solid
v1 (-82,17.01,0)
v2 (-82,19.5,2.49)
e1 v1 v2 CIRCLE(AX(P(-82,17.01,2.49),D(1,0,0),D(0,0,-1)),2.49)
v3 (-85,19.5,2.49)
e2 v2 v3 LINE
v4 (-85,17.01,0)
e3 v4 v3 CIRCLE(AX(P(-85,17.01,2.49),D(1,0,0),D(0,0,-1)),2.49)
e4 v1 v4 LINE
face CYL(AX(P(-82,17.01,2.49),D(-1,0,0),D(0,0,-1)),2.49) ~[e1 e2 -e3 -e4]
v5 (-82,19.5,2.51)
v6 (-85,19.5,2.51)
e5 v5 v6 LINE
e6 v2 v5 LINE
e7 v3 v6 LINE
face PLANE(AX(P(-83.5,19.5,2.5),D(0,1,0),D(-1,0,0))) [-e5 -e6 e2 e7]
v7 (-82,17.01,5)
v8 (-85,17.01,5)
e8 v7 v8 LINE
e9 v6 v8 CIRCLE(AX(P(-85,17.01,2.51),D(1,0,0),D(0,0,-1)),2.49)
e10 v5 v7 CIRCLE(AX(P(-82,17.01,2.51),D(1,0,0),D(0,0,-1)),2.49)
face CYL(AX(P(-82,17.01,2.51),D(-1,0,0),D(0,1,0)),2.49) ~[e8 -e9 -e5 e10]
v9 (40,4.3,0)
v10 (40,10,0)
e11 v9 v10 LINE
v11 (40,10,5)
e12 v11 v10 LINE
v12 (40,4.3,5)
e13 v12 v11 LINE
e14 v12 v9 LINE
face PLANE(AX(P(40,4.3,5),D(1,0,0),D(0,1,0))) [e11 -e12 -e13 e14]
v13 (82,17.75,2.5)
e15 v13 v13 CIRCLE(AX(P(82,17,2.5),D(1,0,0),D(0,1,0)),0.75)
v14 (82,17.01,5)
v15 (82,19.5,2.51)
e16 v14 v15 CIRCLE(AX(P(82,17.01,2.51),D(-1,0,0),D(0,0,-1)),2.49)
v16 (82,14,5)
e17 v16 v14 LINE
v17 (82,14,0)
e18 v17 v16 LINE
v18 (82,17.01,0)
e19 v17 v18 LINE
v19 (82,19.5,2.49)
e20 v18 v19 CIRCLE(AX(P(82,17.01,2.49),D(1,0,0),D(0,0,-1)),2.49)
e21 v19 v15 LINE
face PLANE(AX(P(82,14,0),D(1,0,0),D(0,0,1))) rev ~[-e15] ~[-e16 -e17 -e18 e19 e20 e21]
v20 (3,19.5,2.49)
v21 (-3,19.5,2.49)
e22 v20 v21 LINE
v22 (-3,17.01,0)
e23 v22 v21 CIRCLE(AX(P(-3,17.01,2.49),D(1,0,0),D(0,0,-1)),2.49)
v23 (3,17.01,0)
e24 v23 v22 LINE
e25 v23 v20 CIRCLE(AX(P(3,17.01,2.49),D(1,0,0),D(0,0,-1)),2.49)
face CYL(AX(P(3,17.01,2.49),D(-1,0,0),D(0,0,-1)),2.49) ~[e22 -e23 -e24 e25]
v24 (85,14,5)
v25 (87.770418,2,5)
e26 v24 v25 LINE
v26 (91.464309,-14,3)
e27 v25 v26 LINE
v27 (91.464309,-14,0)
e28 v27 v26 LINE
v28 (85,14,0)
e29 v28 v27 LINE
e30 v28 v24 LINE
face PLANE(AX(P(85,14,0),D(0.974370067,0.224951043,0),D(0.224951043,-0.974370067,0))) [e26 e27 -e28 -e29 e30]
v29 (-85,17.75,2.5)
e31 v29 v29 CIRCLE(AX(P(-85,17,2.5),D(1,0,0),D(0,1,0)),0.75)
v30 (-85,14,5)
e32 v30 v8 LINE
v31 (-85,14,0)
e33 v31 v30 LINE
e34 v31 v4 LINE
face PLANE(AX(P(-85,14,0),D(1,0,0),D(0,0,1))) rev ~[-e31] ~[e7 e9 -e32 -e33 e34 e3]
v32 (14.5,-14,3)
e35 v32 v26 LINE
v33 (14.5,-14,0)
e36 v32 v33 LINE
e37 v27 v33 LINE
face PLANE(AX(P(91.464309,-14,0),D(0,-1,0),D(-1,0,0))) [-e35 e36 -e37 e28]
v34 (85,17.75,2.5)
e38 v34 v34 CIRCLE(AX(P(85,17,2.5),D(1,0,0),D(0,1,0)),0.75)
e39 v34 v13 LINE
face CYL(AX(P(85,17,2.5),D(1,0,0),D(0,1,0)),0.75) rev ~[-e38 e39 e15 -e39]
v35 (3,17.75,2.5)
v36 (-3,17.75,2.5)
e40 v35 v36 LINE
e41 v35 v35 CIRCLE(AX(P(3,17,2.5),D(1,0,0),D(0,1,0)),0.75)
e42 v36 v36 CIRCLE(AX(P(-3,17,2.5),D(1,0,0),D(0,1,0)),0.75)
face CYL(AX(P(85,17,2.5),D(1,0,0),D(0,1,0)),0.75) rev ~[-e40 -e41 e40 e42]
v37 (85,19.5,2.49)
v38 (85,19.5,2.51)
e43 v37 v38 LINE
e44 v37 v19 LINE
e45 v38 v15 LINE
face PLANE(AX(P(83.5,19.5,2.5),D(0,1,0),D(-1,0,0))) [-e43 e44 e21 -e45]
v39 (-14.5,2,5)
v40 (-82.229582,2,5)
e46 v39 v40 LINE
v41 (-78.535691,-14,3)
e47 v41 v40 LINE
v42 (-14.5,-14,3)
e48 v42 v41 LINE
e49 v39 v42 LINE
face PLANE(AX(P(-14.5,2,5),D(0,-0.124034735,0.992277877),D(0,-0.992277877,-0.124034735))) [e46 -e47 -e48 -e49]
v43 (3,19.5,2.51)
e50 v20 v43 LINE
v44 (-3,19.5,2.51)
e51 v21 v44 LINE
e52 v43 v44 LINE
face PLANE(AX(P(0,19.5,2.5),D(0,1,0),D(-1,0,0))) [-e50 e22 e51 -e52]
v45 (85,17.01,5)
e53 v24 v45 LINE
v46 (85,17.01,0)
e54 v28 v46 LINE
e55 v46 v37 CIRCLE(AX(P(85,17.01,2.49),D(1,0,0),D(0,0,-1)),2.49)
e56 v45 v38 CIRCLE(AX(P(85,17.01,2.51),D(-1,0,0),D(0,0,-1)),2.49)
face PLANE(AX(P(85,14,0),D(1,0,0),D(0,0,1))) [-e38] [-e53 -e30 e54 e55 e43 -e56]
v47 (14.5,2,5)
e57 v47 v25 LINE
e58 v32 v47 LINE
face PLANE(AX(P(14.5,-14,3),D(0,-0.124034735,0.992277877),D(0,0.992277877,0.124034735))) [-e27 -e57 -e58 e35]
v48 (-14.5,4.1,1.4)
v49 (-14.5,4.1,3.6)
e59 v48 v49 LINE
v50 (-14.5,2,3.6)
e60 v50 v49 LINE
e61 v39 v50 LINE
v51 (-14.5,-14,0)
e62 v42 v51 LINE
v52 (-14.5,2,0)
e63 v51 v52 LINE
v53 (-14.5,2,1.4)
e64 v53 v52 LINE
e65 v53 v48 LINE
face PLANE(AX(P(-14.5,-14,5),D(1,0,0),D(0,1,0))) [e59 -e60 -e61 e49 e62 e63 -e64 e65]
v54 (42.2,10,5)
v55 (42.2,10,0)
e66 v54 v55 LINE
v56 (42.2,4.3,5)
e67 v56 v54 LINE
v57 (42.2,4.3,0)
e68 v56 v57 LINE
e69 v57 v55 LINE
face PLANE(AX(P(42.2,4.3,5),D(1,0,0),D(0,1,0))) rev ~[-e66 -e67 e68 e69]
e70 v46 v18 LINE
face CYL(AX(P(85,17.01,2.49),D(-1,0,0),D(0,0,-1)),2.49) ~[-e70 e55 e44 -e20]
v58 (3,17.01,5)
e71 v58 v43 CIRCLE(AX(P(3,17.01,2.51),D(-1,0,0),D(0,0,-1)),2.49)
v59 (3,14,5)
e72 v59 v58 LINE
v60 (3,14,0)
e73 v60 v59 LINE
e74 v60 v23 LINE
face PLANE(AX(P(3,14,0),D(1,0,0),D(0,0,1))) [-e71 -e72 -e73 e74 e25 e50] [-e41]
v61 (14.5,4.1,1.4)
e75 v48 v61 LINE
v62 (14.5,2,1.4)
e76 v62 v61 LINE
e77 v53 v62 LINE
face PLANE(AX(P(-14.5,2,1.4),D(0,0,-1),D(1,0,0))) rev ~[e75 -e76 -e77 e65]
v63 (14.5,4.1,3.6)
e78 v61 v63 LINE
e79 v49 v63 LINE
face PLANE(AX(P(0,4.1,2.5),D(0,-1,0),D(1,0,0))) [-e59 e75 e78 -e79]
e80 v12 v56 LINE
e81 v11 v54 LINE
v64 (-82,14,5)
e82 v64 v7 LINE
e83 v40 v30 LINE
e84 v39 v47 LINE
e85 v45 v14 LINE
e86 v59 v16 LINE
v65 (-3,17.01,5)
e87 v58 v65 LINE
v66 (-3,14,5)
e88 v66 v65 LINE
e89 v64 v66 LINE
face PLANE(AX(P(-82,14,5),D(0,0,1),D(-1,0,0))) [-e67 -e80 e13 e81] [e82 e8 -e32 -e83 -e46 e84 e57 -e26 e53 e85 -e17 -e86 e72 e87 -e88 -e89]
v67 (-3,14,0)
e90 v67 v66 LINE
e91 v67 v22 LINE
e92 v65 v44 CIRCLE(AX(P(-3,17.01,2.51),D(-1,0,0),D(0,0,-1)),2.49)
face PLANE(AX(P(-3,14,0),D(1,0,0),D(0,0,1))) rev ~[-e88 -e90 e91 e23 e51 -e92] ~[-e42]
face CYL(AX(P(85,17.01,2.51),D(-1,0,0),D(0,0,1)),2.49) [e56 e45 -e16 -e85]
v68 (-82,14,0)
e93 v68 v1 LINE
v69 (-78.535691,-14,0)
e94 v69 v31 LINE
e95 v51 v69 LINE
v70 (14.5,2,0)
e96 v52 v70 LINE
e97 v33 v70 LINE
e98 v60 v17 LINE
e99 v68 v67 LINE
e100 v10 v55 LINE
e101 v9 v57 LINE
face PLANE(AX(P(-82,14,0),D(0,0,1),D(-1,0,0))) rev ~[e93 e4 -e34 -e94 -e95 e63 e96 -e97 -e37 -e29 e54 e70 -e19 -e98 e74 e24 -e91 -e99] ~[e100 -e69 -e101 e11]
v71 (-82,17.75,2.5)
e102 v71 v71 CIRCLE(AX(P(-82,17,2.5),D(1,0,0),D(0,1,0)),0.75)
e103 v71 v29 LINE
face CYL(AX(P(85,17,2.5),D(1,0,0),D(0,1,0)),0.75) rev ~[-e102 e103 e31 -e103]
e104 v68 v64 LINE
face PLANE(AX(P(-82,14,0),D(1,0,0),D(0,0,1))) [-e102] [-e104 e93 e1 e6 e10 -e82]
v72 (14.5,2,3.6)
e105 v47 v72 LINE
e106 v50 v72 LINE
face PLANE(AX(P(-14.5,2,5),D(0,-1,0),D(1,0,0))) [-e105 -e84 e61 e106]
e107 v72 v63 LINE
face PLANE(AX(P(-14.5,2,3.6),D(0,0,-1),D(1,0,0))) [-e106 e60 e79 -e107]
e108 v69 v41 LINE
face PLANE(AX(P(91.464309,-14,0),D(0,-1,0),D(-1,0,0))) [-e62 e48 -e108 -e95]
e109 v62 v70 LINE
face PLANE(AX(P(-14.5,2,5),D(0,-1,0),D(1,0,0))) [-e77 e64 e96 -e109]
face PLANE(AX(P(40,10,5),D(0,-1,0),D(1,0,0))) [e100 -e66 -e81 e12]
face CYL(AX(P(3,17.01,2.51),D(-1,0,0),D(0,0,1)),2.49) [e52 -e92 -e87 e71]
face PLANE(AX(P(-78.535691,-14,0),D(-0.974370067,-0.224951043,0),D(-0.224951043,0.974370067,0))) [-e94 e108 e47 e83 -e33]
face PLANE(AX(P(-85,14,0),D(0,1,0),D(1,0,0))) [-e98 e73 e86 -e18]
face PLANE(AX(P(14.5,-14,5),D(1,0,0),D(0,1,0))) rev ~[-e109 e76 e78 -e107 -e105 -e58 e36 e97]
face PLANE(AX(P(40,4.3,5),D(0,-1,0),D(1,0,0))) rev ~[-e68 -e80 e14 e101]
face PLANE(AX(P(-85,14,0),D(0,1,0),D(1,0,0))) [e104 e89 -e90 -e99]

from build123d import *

# Parameters (mm, degrees)
PAD_DEPTH       = 5
SKETCH001_W     = 29
SKETCH001_H     = 16
POCKET_DEPTH    = 5
SKETCH002_W     = 29
SKETCH002_H     = 2.2
POCKET001_DEPTH = 2.1
POCKET002_DEPTH = 100
POCKET003_DEPTH = 100
SKETCH006_W     = 3
SKETCH006_H     = 5
SKETCH006_W_2   = 6
PAD001_DEPTH    = 5.5
SKETCH008_W     = 2.2
SKETCH008_H     = 5.7
POCKET005_DEPTH = 5
SKETCH009_R     = 0.75
POCKET006_DEPTH = 200
FILLET_R        = 2.49


with BuildPart() as part:
    # Sketch → Pad (new body)
    with BuildSketch(Plane.XY):
        Polygon((-85, 14), (85, 14), (91.464309, -14), (-78.535691, -14), align=None)
    extrude(amount=PAD_DEPTH)

    # Sketch001 (on Face6 of Pad) → Pocket (cut)
    with BuildSketch(Plane.XY.offset(5)):
        with Locations((0, -6)):
            Rectangle(SKETCH001_W, SKETCH001_H)
    extrude(amount=-POCKET_DEPTH, mode=Mode.SUBTRACT)

    # Sketch002 (on Face9 of Pocket) → Pocket001 (cut)
    with BuildSketch(Plane.XZ.offset(-2)):
        with Locations((0, 2.5)):
            Rectangle(SKETCH002_W, SKETCH002_H)
    extrude(amount=-POCKET001_DEPTH, mode=Mode.SUBTRACT)

    # Sketch004 (on Face8 of Pocket001) → Pocket002 (cut)
    with BuildSketch(Plane.YZ.offset(-14.5)):
        Polygon((-14, 5), (2, 5), (-14, 3), align=None)
    extrude(amount=-POCKET002_DEPTH, mode=Mode.SUBTRACT)

    # Sketch005 (on Face11 of Pocket002) → Pocket003 (cut)
    with BuildSketch(Plane(origin=(14.5, 0, 0), x_dir=(0, -1, 0), z_dir=(-1, 0, 0))):
        Polygon((-2, 5), (14, 5), (14, 3), align=None)
    extrude(amount=-POCKET003_DEPTH, mode=Mode.SUBTRACT)

    # Sketch006 (on Face1 of Pocket003) → Pad001 (join)
    with BuildSketch(Plane(origin=(0, 14, 0), x_dir=(-1, 0, 0), z_dir=(0, 1, 0))):
        with Locations((83.5, 2.5)):
            Rectangle(SKETCH006_W, SKETCH006_H)
        with Locations((-83.5, 2.5)):
            Rectangle(SKETCH006_W, SKETCH006_H)
        with Locations((0, 2.5)):
            Rectangle(SKETCH006_W_2, SKETCH006_H)
    extrude(amount=PAD001_DEPTH)

    # Sketch008 (on Face5 of Pocket001) → Pocket005 (cut)
    with BuildSketch(Plane.XY.offset(5)):
        with Locations((41.1, 7.15)):
            Rectangle(SKETCH008_W, SKETCH008_H)
    extrude(amount=-POCKET005_DEPTH, mode=Mode.SUBTRACT)

    # Sketch009 (on Face35 of Pocket005) → Pocket006 (cut)
    with BuildSketch(Plane.YZ.offset(85)):
        with Locations((17, 2.5)):
            Circle(SKETCH009_R)
    extrude(amount=-POCKET006_DEPTH, mode=Mode.SUBTRACT)

    # Fillet
    fillet_edges = [part.edges().sort_by_distance(p)[0] for p in [
        (83.5, 19.5, 0),
        (83.5, 19.5, 5),
        (0, 19.5, 0),
        (0, 19.5, 5),
        (-83.5, 19.5, 0),
        (-83.5, 19.5, 5),
    ]]
    fillet(fillet_edges, radius=FILLET_R)


solid = part.part
